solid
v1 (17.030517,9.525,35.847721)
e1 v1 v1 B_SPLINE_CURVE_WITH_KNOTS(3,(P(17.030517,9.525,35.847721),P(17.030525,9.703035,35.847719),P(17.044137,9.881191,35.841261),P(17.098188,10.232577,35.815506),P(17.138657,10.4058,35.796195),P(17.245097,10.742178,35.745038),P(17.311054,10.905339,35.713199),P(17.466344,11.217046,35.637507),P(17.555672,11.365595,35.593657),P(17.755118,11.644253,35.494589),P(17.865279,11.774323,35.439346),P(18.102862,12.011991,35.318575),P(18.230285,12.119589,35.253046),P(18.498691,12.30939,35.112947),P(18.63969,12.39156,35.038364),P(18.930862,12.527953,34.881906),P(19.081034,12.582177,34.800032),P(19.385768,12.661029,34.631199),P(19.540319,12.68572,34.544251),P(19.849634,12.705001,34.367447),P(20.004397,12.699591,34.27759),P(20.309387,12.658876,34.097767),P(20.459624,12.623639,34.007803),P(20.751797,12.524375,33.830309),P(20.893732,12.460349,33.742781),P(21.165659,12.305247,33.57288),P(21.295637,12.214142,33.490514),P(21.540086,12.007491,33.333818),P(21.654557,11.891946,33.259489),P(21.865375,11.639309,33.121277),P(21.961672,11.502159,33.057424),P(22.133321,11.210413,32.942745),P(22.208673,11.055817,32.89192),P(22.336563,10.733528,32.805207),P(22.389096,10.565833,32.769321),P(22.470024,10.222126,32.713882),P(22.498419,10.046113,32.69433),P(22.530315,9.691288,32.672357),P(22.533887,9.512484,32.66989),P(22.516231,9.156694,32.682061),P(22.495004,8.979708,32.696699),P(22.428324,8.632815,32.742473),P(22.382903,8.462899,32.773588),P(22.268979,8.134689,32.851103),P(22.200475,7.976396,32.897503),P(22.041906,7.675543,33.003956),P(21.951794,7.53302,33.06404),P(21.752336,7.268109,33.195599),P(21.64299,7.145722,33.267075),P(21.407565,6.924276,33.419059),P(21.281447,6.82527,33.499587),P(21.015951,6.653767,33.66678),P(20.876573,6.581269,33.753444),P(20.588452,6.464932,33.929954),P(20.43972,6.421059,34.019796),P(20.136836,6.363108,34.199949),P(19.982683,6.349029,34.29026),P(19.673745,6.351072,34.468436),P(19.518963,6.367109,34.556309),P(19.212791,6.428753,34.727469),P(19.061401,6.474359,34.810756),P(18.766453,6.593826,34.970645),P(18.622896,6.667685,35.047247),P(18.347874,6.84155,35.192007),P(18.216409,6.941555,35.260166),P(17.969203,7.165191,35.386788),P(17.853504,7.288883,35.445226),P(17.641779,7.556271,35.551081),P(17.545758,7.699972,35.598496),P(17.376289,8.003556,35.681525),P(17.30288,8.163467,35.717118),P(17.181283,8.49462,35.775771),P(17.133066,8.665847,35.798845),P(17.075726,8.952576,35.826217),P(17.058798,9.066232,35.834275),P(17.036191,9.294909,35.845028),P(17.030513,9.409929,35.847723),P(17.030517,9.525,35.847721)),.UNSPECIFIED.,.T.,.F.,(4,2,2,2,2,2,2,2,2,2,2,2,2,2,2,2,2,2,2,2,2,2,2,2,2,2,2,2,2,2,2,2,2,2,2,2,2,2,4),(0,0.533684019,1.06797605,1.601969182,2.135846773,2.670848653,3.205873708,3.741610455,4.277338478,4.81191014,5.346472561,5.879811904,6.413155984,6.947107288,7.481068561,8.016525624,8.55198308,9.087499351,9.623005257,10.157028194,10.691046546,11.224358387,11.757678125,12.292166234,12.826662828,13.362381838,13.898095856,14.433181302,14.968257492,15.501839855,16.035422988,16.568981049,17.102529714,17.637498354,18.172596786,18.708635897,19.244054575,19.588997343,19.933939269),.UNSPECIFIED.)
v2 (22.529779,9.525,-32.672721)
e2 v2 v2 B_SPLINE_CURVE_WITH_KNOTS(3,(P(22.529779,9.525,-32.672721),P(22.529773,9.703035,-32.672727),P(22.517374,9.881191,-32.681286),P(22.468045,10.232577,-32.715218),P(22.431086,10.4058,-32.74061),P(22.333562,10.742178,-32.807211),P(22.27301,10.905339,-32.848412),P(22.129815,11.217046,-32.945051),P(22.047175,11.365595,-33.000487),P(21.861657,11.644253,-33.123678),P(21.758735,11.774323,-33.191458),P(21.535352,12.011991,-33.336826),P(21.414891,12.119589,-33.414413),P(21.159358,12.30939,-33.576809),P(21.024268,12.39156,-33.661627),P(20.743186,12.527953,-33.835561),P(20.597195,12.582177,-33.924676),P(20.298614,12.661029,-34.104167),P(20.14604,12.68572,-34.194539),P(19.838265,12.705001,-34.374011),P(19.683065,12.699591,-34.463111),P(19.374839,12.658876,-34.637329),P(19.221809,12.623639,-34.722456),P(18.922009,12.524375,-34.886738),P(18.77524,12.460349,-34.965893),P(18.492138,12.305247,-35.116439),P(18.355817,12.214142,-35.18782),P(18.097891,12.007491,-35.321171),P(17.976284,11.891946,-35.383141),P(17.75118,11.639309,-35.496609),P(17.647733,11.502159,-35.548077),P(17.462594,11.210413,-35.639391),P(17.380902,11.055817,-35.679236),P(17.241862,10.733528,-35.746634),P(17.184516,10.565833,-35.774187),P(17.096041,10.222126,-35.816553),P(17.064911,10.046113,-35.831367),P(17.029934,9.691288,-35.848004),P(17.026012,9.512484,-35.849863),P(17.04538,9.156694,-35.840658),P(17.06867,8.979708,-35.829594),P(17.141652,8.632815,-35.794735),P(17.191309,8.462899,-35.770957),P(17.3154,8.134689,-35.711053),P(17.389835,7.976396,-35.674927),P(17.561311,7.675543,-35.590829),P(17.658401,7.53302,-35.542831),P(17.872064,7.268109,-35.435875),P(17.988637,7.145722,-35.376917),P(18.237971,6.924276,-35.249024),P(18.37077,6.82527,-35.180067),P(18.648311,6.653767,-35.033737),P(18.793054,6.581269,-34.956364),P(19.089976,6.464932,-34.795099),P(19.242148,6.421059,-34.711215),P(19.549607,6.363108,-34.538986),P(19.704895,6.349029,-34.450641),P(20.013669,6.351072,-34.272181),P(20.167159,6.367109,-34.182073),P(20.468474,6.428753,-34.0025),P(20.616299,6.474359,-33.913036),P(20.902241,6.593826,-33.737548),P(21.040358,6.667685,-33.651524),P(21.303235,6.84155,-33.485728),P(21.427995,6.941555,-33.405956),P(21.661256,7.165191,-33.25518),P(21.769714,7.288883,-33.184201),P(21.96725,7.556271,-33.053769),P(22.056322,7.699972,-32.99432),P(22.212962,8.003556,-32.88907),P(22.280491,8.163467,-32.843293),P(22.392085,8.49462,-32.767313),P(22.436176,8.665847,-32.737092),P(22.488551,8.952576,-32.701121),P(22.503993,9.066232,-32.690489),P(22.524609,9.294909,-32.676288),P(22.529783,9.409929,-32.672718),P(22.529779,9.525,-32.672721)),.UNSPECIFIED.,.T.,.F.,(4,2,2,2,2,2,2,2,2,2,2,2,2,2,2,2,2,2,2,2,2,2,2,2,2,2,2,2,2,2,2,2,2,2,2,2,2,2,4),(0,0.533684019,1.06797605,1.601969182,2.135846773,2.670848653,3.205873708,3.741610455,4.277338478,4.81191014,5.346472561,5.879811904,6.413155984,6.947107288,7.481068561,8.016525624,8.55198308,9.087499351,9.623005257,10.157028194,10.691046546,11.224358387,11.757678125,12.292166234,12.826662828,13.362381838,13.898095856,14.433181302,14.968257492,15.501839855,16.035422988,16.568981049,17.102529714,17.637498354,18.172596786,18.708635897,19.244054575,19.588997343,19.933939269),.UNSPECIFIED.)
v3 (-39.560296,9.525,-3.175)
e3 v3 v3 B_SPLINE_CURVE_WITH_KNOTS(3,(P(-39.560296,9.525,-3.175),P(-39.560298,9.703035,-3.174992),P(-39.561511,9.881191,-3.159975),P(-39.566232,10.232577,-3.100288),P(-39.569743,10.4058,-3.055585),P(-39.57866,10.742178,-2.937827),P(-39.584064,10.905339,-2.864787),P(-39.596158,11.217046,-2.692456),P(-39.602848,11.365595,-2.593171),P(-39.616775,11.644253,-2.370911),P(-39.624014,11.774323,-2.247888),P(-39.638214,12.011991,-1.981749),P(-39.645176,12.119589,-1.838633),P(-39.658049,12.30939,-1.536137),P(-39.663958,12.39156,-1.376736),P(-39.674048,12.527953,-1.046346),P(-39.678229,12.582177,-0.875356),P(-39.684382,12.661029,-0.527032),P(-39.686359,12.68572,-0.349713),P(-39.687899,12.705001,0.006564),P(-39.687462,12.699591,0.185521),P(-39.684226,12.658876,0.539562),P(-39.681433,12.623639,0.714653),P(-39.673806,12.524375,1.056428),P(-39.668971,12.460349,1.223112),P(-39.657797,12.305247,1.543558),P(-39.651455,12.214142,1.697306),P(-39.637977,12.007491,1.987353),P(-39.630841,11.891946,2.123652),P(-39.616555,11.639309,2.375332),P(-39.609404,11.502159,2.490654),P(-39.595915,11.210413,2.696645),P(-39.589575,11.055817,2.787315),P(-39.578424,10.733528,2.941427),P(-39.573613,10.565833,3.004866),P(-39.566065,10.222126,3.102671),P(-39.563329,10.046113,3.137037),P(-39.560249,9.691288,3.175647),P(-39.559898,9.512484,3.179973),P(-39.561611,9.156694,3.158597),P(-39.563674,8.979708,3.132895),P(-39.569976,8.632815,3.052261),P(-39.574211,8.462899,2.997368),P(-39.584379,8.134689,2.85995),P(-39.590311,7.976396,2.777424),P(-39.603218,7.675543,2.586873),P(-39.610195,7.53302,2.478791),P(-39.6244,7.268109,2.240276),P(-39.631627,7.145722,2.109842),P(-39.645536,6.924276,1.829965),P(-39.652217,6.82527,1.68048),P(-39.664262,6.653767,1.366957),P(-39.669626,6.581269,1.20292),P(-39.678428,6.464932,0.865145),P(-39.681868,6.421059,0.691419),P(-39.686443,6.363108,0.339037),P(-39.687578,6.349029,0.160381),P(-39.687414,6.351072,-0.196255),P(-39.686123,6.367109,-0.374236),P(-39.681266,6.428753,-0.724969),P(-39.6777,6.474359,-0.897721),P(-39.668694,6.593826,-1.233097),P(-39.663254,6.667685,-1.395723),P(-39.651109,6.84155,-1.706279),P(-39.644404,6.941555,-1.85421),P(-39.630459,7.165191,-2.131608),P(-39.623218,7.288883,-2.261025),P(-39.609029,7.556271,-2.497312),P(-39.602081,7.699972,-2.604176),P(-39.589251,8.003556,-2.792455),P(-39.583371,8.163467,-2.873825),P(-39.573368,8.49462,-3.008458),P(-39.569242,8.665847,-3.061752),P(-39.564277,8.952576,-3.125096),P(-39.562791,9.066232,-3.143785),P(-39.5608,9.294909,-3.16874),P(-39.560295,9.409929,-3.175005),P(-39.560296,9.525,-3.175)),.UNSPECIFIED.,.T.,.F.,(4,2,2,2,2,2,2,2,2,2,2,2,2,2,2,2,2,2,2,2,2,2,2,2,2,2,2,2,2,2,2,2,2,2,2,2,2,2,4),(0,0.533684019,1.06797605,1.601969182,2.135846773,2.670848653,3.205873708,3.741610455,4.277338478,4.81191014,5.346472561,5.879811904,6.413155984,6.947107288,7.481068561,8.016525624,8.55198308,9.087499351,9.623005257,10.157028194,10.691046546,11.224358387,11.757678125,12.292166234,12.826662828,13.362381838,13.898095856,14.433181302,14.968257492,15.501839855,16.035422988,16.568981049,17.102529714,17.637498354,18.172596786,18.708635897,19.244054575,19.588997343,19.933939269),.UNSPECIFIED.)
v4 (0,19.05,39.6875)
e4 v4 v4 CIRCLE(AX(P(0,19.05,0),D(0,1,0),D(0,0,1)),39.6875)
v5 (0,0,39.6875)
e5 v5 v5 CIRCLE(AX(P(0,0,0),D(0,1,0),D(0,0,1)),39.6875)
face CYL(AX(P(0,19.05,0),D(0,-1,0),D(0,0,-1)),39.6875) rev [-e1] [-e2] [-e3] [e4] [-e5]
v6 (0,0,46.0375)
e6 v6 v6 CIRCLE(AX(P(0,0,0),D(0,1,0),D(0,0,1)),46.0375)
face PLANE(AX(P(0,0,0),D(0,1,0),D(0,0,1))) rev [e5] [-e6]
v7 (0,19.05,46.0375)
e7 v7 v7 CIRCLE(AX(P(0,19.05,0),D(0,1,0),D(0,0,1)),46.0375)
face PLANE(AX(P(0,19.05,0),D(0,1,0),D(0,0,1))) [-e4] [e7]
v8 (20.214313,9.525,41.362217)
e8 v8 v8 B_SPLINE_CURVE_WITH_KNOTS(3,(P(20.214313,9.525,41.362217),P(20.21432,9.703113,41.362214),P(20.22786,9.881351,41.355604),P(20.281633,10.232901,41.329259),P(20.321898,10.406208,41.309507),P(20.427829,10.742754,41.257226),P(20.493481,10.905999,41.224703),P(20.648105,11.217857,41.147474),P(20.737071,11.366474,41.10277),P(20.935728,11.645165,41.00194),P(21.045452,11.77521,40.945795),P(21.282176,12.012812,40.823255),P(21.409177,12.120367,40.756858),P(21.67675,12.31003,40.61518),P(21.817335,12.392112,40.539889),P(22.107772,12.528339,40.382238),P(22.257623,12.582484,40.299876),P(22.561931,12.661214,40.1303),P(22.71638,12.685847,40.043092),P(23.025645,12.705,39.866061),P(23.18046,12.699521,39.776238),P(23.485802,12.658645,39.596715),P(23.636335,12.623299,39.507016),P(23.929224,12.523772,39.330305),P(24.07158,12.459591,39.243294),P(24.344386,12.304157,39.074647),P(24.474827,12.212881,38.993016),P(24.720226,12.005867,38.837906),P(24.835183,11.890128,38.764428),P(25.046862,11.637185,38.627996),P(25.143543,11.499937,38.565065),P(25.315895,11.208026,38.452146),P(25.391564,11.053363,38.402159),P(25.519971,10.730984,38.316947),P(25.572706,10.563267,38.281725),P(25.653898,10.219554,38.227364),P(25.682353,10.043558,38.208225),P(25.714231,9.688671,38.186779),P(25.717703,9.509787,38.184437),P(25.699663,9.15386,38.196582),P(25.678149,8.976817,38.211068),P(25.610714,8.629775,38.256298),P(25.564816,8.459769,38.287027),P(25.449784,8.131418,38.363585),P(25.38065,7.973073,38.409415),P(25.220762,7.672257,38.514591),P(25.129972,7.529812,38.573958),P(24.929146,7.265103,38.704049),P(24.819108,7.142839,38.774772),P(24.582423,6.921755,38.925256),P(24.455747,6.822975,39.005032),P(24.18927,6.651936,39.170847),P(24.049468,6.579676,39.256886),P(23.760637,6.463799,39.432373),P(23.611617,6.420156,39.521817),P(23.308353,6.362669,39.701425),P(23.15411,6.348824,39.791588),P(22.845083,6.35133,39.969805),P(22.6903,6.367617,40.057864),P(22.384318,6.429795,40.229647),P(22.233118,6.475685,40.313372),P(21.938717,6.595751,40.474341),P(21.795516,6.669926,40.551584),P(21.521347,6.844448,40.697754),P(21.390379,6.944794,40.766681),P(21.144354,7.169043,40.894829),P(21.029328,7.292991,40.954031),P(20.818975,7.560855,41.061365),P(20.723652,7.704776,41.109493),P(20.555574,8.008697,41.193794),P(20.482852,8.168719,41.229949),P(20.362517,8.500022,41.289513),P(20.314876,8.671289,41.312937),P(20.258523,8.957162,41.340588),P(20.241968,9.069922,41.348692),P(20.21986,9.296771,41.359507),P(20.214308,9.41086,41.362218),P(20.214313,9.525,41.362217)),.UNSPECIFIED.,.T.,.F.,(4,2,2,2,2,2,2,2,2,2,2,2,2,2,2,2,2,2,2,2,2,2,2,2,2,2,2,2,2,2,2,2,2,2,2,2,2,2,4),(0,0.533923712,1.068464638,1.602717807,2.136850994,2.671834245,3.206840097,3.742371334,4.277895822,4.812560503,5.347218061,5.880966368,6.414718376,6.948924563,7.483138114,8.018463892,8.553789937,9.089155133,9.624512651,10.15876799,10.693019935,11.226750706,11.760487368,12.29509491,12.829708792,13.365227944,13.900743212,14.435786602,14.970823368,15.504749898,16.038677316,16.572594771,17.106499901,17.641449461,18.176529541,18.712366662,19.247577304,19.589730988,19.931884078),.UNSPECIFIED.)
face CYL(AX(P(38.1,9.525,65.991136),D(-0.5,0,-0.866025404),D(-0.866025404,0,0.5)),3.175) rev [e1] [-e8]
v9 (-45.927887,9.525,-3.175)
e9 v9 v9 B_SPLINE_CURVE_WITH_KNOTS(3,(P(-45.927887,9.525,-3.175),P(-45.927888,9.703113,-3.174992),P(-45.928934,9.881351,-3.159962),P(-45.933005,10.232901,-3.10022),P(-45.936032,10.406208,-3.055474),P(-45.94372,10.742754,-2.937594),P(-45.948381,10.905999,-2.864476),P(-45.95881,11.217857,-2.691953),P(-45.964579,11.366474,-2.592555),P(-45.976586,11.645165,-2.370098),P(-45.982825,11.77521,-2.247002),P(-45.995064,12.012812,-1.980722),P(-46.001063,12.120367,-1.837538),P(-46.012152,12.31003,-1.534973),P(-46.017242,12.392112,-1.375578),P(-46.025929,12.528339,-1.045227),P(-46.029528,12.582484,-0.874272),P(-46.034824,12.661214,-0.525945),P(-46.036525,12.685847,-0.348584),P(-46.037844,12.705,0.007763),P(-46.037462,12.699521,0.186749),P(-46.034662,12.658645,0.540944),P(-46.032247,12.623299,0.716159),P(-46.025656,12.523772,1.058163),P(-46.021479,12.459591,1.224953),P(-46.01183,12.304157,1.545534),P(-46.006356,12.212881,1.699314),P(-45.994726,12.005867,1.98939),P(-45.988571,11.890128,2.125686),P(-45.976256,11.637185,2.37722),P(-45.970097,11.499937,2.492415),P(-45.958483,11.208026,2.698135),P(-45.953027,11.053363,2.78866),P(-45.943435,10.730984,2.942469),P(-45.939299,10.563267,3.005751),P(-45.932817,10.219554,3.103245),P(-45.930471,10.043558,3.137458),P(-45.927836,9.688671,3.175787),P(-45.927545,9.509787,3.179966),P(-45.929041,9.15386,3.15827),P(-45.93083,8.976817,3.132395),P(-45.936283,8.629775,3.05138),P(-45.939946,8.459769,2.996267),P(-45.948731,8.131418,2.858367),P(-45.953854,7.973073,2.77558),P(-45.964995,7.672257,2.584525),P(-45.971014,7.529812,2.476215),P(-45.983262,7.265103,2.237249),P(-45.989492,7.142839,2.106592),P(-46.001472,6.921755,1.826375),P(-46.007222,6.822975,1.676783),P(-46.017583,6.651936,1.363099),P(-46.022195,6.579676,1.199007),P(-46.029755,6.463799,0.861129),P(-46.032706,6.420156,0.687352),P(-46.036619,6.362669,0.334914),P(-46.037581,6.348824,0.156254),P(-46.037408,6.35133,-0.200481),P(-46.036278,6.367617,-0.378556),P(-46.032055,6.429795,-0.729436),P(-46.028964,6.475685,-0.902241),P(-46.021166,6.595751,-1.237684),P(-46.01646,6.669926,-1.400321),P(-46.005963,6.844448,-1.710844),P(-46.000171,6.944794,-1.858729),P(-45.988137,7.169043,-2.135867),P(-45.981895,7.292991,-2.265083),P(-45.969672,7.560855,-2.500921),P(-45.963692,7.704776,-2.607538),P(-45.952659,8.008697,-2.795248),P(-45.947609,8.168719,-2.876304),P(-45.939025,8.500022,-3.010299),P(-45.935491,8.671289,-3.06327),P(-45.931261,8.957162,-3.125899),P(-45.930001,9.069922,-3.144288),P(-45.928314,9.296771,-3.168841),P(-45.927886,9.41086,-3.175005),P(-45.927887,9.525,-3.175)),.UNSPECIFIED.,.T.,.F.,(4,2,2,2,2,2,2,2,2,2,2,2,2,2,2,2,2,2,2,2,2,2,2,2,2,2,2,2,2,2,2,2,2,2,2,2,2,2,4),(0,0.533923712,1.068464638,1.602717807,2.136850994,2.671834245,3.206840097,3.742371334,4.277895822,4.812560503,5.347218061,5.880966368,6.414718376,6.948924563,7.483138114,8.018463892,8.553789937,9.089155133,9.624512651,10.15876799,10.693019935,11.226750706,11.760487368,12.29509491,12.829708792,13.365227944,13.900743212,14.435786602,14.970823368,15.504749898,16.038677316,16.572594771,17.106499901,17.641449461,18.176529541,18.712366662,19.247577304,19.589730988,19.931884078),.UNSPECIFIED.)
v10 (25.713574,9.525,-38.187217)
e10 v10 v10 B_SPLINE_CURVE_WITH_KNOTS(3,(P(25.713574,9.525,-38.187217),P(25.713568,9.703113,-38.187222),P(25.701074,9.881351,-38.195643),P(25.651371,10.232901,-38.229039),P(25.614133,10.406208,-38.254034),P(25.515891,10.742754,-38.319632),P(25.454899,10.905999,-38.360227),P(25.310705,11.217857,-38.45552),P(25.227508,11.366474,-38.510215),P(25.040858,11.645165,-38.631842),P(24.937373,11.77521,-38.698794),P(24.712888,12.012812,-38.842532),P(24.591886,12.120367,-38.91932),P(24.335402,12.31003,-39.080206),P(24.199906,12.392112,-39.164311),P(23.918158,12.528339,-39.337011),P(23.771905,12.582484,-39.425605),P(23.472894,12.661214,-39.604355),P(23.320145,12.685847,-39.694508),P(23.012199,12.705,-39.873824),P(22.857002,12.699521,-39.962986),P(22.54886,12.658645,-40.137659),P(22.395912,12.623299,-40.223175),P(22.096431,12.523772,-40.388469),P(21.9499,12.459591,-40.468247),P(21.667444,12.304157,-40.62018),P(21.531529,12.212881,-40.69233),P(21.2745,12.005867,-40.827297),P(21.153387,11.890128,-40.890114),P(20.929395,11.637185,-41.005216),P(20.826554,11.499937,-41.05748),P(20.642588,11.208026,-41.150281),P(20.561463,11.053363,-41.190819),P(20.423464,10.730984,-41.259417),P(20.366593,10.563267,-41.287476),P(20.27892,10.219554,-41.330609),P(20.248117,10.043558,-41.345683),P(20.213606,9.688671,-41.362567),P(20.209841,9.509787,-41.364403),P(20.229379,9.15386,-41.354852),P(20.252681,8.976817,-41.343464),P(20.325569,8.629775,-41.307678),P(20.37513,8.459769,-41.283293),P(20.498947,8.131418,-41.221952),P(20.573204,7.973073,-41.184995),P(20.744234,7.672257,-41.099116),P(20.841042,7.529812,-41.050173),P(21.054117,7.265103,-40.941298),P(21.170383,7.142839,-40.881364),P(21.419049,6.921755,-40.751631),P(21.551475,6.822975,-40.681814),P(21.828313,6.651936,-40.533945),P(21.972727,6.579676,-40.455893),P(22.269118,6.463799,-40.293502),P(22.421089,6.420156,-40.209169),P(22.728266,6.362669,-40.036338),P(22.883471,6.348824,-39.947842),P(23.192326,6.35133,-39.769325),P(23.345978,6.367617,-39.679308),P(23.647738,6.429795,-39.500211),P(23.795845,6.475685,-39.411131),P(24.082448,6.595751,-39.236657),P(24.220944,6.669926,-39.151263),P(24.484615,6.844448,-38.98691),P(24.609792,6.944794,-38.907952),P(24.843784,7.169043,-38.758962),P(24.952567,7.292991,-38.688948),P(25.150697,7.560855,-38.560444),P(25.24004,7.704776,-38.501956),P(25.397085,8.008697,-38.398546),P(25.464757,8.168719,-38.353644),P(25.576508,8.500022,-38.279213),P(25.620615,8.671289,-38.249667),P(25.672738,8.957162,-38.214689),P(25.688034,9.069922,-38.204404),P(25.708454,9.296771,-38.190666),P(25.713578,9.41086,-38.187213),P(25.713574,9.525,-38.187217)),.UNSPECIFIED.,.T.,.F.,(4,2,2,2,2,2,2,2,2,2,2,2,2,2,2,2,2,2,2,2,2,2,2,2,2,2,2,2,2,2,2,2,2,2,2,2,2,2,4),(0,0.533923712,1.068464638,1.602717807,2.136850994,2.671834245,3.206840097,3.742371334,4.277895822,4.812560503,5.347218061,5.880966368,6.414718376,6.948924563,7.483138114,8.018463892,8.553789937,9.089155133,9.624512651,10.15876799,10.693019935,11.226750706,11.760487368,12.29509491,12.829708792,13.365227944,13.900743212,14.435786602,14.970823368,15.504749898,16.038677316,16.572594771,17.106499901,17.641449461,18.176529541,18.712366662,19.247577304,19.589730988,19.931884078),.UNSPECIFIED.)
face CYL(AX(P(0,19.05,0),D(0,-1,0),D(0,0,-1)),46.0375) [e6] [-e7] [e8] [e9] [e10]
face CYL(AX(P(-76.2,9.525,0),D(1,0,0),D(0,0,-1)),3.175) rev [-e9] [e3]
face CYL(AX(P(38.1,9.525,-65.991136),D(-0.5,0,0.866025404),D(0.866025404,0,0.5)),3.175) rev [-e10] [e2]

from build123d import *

# Parameters (mm, degrees)
SKETCH1_R           = 46.0375
SKETCH1_R_2         = 39.6875
BOSS_EXTRUDE1_DEPTH = 19.05
SKETCH4_R           = 3.175
CUT_EXTRUDE1_DEPTH  = 76.2
SKETCH5_R           = 3.175
CUT_EXTRUDE2_DEPTH  = 76.2
SKETCH3_R           = 3.175
CUT_EXTRUDE3_DEPTH  = 76.2


with BuildPart() as part:
    # Sketch1 → Boss-Extrude1 (new body)
    with BuildSketch(Plane(origin=(0, 0, 0), x_dir=(1, 0, 0), z_dir=(0, 1, 0))):
        with Locations(Location((0, 0, 0), (0, 0, 90))):
            Circle(SKETCH1_R)
        with Locations(Location((0, 0, 0), (0, 0, 90))):
            Circle(SKETCH1_R_2, mode=Mode.SUBTRACT)
    extrude(amount=BOSS_EXTRUDE1_DEPTH)

    # Sketch4 → Cut-Extrude1 (cut)
    with BuildSketch(Plane(origin=(0, 0, 0), x_dir=(0.8660254037844364, 0, 0.500000000000004), z_dir=(-0.500000000000004, 0, 0.8660254037844365))):
        with Locations((0, 9.525)):
            Circle(SKETCH4_R)
    extrude(amount=-CUT_EXTRUDE1_DEPTH, mode=Mode.SUBTRACT)

    # Sketch5 → Cut-Extrude2 (cut)
    with BuildSketch(Plane(origin=(0, 0, 0), x_dir=(-0.8660254037844363, 0, 0.5000000000000043), z_dir=(-0.5000000000000043, 0, -0.8660254037844363))):
        with Locations((0, 9.525)):
            Circle(SKETCH5_R)
    extrude(amount=-CUT_EXTRUDE2_DEPTH, mode=Mode.SUBTRACT)

    # Sketch3 → Cut-Extrude3 (cut)
    with BuildSketch(Plane(origin=(0, 0, 0), x_dir=(0, 0, -1), z_dir=(1, 0, 0))):
        with Locations((0, 9.525)):
            Circle(SKETCH3_R)
    extrude(amount=-CUT_EXTRUDE3_DEPTH, mode=Mode.SUBTRACT)


solid = part.part
